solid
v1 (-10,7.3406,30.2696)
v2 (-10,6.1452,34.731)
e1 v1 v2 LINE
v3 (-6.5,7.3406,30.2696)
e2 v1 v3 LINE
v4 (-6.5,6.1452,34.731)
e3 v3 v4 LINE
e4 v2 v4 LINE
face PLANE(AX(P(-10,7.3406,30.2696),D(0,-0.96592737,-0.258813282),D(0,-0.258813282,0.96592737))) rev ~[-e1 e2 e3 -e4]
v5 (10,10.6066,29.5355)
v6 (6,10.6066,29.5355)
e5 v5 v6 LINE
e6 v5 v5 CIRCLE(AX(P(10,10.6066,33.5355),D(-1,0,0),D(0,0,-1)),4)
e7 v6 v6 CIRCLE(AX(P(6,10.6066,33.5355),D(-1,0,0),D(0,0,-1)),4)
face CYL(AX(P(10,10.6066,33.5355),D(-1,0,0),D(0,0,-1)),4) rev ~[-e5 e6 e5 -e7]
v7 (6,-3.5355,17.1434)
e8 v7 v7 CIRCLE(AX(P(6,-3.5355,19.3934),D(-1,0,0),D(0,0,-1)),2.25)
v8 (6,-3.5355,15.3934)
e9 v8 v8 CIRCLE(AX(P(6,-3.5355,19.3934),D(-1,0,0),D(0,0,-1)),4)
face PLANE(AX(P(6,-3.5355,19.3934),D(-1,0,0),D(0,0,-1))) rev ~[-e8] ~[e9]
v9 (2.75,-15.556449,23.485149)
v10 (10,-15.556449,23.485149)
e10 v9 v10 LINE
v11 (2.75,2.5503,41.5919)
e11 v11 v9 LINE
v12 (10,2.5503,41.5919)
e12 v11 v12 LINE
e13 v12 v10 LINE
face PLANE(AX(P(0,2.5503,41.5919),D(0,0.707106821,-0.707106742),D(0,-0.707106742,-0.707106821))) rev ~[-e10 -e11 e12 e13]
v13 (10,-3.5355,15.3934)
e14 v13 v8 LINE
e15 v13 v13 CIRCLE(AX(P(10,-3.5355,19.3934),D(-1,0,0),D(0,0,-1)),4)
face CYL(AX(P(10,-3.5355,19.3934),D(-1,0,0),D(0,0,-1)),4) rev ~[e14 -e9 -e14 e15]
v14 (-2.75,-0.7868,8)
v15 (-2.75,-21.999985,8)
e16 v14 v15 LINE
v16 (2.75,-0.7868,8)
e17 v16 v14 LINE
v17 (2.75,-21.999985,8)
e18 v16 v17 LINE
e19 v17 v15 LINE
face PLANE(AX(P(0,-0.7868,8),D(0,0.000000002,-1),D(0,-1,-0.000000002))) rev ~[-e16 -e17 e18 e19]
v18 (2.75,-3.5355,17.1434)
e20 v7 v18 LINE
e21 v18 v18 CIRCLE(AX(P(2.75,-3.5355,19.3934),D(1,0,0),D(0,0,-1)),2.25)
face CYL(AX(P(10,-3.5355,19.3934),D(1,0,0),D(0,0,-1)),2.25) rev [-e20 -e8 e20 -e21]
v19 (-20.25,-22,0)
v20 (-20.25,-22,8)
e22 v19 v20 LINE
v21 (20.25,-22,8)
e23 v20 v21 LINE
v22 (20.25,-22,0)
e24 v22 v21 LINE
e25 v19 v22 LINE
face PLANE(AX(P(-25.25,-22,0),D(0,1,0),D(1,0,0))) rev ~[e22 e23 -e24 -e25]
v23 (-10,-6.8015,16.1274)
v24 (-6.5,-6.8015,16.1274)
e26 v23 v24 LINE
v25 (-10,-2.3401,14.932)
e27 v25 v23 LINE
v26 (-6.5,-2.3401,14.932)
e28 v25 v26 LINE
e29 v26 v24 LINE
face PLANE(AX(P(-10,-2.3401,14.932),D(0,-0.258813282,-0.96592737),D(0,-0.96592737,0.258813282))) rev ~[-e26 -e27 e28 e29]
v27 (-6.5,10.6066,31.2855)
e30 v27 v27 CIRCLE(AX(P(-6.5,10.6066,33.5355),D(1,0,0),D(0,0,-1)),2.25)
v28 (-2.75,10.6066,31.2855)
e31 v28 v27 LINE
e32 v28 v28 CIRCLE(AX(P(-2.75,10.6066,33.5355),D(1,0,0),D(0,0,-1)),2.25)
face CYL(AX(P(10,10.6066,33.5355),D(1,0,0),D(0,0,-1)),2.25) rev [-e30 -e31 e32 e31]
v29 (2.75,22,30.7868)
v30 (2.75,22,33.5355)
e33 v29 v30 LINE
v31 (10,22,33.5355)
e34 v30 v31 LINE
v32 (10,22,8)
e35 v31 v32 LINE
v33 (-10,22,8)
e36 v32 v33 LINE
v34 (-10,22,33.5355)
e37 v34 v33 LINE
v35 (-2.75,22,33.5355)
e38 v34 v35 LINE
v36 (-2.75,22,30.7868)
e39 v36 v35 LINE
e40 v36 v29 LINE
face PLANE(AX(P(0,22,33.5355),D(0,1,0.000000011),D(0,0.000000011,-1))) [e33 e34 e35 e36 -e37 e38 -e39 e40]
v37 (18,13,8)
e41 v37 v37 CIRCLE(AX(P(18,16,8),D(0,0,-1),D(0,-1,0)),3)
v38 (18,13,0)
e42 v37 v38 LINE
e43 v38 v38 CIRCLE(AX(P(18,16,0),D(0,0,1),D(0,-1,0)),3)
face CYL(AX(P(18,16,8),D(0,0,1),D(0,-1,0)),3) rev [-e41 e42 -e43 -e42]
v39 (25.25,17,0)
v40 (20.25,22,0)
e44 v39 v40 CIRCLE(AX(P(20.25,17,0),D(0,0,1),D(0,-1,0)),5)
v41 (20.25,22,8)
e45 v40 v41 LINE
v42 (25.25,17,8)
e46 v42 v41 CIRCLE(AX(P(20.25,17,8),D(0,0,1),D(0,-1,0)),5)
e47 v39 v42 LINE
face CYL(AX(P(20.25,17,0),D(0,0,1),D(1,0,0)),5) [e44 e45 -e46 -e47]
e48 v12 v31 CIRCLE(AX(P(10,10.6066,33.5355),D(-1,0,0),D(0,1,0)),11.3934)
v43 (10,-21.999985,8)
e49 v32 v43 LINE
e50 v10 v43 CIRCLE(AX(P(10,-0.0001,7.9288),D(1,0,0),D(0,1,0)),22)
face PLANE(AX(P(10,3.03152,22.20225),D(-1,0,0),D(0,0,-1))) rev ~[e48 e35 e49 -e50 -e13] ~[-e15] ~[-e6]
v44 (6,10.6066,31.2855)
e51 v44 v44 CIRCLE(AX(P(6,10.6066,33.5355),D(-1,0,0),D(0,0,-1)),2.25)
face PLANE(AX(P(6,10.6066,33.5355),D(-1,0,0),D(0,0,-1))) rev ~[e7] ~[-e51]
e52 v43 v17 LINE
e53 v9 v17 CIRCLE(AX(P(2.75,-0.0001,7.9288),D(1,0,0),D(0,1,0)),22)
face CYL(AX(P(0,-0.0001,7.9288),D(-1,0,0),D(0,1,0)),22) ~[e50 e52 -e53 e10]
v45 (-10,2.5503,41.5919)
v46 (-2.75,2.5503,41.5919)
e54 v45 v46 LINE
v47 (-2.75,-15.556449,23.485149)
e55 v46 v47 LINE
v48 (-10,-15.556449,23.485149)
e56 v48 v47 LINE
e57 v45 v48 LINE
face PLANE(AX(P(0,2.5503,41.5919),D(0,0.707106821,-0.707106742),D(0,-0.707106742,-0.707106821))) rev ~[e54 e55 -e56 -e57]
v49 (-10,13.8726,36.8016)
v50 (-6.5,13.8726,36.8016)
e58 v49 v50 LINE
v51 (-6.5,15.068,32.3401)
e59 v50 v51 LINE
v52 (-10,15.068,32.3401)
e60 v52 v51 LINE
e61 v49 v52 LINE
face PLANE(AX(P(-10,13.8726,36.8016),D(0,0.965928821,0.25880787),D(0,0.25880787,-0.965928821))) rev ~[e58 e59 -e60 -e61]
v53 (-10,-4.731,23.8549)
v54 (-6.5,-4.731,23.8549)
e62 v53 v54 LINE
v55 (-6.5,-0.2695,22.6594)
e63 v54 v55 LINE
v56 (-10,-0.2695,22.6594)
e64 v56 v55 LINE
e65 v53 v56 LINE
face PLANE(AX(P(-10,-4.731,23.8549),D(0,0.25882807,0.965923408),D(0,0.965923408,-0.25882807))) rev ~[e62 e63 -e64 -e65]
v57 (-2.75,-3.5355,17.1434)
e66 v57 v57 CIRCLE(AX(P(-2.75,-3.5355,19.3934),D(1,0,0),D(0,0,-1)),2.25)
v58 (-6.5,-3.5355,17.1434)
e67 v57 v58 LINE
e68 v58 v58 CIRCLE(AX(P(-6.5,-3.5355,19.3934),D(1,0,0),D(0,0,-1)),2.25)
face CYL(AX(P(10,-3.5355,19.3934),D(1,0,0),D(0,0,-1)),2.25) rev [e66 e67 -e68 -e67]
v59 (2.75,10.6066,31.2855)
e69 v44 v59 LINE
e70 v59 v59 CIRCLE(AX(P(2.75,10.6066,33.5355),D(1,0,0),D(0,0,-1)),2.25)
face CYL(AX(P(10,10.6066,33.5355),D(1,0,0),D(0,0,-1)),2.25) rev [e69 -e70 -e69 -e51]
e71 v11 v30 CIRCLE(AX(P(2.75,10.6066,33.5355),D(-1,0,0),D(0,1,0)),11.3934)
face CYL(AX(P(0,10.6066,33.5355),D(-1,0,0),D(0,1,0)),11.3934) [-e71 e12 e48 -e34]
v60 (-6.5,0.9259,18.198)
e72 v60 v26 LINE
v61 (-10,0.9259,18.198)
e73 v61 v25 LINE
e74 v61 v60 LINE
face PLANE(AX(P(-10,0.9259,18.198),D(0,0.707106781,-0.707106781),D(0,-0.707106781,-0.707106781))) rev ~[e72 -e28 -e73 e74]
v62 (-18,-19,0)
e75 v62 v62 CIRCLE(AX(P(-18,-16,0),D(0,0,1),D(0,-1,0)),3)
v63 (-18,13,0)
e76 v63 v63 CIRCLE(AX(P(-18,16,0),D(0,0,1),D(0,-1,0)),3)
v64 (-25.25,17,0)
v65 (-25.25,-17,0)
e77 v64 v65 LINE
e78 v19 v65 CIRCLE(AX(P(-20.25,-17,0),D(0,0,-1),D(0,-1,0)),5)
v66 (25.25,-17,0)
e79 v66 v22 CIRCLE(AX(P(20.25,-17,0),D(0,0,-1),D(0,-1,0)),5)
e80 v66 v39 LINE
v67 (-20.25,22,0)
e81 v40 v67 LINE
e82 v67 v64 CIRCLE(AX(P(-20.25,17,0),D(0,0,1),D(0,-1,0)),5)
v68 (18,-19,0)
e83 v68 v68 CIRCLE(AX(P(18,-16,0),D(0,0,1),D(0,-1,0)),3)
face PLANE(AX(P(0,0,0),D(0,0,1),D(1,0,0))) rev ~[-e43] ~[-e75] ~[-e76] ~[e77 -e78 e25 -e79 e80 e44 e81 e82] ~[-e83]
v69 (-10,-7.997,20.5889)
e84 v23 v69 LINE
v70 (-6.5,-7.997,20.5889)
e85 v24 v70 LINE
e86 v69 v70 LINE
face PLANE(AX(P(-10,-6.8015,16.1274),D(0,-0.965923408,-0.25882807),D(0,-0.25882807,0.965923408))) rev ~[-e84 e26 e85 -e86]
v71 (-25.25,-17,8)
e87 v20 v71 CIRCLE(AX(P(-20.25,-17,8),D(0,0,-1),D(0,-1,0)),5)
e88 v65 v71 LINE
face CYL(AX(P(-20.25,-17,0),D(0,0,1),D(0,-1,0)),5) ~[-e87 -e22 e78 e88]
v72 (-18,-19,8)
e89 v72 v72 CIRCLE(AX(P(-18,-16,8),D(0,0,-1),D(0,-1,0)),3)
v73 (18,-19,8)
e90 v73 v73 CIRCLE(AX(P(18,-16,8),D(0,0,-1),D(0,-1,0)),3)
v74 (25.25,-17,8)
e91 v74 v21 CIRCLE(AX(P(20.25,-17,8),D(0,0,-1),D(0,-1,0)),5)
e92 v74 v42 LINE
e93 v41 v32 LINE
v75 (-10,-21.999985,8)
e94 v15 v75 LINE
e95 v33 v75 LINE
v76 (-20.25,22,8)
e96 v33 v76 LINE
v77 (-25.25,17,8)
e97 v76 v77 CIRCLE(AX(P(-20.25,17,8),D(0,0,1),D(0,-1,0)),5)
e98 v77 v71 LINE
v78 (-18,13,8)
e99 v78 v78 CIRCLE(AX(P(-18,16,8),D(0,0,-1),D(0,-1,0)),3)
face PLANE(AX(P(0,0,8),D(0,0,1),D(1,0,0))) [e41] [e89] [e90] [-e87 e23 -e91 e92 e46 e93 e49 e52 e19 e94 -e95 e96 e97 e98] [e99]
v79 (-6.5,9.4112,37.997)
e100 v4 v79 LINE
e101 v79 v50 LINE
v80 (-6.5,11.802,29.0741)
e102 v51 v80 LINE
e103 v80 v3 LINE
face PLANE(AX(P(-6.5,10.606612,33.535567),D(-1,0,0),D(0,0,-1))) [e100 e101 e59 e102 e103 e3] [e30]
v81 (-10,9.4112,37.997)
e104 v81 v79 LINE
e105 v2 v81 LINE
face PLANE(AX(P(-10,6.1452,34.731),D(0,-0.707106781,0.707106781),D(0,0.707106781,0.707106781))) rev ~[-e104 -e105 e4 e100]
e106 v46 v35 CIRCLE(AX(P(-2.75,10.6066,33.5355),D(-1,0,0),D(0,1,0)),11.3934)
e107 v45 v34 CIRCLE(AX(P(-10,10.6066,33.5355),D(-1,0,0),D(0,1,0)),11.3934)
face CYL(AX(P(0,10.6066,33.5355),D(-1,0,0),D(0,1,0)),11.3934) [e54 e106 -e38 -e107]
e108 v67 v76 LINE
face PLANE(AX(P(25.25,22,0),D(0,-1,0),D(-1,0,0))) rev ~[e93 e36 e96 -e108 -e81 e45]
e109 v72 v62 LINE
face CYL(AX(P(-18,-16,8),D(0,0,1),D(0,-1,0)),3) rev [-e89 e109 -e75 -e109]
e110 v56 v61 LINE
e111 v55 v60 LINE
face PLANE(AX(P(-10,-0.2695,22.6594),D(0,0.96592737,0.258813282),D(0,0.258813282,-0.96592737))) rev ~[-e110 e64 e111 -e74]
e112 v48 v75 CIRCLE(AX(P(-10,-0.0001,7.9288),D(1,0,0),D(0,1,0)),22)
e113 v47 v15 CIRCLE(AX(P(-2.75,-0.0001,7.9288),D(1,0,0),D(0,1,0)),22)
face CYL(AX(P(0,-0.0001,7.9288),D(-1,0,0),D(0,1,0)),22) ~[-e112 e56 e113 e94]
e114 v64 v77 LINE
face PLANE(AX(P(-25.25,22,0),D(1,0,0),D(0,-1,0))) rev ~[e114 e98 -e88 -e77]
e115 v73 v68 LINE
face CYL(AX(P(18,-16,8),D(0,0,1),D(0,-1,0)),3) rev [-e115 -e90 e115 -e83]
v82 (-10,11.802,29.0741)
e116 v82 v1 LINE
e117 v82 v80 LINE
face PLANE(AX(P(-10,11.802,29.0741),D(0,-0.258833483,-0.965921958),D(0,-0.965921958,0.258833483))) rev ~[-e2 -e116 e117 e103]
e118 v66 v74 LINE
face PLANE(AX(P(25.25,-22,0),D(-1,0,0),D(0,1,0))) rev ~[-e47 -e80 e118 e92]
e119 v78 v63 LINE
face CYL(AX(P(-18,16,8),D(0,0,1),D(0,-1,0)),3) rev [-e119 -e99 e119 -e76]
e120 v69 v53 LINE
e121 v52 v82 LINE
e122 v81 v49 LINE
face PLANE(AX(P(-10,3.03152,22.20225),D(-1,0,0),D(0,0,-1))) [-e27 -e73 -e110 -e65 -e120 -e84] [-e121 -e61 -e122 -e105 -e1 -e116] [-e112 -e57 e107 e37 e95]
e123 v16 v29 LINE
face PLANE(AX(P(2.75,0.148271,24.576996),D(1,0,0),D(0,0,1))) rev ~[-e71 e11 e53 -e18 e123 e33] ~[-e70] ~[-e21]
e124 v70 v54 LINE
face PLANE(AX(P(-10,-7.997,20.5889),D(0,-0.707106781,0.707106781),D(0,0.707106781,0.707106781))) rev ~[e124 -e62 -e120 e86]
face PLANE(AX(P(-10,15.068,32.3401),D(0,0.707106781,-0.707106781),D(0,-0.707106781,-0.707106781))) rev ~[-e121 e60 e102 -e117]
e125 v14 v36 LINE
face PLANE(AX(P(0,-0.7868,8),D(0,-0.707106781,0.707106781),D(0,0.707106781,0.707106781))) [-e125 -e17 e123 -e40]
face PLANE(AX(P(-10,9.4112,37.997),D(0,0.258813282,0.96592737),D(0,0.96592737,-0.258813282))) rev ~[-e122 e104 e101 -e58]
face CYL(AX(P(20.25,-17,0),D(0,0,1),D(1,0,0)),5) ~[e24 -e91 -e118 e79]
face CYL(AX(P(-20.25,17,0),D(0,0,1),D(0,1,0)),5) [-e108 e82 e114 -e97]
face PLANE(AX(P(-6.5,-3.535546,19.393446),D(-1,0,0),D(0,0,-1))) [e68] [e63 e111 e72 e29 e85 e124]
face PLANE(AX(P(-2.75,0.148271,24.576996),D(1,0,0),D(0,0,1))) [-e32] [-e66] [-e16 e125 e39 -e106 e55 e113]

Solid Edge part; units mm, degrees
sketch "Sketch1" plane through (0, 0, 0) normal (0, 0, 1) x (1, 0, 0)
  line L0 (25.25, -22) -> (25.25, 22)
  line L1 (25.25, 22) -> (-25.25, 22)
  line L2 (-25.25, 22) -> (-25.25, -22)
  line L3 (-25.25, -22) -> (25.25, -22)
extrude "Protrusion1" add sketch "Sketch1" along normal blind 8
sketch "Sketch2" plane through (0, 0, 0) normal (1, 0, 0) x (0, 1, 0)
  line L0 (22, 33.5355) -> (22, 8)
  line L1 (22, 8) -> (-22, 8)
  arc A0 (-15.5565, 23.4852) -> (-22, 8) centre (-0.0001, 7.9288) ccw
  line L2 (2.5503, 41.5919) -> (-15.5565, 23.4852)
  arc A1 (2.5503, 41.5919) -> (22, 33.5355) centre (10.6066, 33.5355) cw
extrude "ProtrusiónExtruida_2" add sketch "Sketch2" along normal mid plane 20
sketch "Sketch3" plane through (0, 0, 0) normal (1, 0, 0) x (0, 1, 0)
  line L0 (-0.7868, 8) -> (22, 30.7868)
  line L1 (22, 30.7868) -> (22, 33.5355)
  line L2 (2.5503, 41.5919) -> (-15.5565, 23.4852)
  arc A0 (-15.5565, 23.4852) -> (-22, 8) centre (-0.0001, 7.9288) ccw
  line L3 (-0.7868, 8) -> (-22, 8)
  arc A1 (2.5503, 41.5919) -> (22, 33.5355) centre (10.6066, 33.5355) cw
extrude "VaciadoExtruido_1" cut sketch "Sketch3" along normal mid plane 5.5
hole "Agujero_1" at (10, 10.6066, 33.5355) direction (-1, 0, 0) diameter 4.5 end through all counterbore diameter 8 counterbore depth 4
hole "Hole1" at (10, -3.5355, 19.3934) direction (-1, 0, 0) diameter 4.5 end through all counterbore diameter 8 counterbore depth 4
sketch "Sketch4" plane through (-10, 0, 26.4645) normal (-1, 0, 0) x (0, -1, 0)
  line L0 (-6.1452, 8.2665) -> (-9.4112, 11.5325)
  line L1 (-9.4112, 11.5325) -> (-13.8726, 10.3371)
  line L2 (-13.8726, 10.3371) -> (-15.068, 5.8756)
  line L3 (-15.068, 5.8756) -> (-11.802, 2.6096)
  line L4 (-11.802, 2.6096) -> (-7.3406, 3.8051)
  line L5 (-7.3406, 3.8051) -> (-6.1452, 8.2665)
  line L6 (7.997, -5.8756) -> (4.731, -2.6096)
  line L7 (4.731, -2.6096) -> (0.2695, -3.8051)
  line L8 (0.2695, -3.8051) -> (-0.9259, -8.2665)
  line L9 (-0.9259, -8.2665) -> (2.3401, -11.5325)
  line L10 (2.3401, -11.5325) -> (6.8015, -10.3371)
  line L11 (6.8015, -10.3371) -> (7.997, -5.8756)
extrude "VaciadoExtruido_2" cut sketch "Sketch4" against normal blind 3.5
hole "Agujero_3" at (18, 16, 8) direction (0, 0, -1) diameter 6 end through all
hole "Hole2" at (18, -16, 8) direction (0, 0, -1) diameter 6 end through all
hole "Hole3" at (-18, -16, 8) direction (0, 0, -1) diameter 6 end through all
hole "Hole4" at (-18, 16, 8) direction (0, 0, -1) diameter 6 end through all
fillet "Redondeo_1" radius 5 4 edges at (25.25, -22, 4) (-25.25, -22, 4) (-25.25, 22, 4) (25.25, 22, 4)
